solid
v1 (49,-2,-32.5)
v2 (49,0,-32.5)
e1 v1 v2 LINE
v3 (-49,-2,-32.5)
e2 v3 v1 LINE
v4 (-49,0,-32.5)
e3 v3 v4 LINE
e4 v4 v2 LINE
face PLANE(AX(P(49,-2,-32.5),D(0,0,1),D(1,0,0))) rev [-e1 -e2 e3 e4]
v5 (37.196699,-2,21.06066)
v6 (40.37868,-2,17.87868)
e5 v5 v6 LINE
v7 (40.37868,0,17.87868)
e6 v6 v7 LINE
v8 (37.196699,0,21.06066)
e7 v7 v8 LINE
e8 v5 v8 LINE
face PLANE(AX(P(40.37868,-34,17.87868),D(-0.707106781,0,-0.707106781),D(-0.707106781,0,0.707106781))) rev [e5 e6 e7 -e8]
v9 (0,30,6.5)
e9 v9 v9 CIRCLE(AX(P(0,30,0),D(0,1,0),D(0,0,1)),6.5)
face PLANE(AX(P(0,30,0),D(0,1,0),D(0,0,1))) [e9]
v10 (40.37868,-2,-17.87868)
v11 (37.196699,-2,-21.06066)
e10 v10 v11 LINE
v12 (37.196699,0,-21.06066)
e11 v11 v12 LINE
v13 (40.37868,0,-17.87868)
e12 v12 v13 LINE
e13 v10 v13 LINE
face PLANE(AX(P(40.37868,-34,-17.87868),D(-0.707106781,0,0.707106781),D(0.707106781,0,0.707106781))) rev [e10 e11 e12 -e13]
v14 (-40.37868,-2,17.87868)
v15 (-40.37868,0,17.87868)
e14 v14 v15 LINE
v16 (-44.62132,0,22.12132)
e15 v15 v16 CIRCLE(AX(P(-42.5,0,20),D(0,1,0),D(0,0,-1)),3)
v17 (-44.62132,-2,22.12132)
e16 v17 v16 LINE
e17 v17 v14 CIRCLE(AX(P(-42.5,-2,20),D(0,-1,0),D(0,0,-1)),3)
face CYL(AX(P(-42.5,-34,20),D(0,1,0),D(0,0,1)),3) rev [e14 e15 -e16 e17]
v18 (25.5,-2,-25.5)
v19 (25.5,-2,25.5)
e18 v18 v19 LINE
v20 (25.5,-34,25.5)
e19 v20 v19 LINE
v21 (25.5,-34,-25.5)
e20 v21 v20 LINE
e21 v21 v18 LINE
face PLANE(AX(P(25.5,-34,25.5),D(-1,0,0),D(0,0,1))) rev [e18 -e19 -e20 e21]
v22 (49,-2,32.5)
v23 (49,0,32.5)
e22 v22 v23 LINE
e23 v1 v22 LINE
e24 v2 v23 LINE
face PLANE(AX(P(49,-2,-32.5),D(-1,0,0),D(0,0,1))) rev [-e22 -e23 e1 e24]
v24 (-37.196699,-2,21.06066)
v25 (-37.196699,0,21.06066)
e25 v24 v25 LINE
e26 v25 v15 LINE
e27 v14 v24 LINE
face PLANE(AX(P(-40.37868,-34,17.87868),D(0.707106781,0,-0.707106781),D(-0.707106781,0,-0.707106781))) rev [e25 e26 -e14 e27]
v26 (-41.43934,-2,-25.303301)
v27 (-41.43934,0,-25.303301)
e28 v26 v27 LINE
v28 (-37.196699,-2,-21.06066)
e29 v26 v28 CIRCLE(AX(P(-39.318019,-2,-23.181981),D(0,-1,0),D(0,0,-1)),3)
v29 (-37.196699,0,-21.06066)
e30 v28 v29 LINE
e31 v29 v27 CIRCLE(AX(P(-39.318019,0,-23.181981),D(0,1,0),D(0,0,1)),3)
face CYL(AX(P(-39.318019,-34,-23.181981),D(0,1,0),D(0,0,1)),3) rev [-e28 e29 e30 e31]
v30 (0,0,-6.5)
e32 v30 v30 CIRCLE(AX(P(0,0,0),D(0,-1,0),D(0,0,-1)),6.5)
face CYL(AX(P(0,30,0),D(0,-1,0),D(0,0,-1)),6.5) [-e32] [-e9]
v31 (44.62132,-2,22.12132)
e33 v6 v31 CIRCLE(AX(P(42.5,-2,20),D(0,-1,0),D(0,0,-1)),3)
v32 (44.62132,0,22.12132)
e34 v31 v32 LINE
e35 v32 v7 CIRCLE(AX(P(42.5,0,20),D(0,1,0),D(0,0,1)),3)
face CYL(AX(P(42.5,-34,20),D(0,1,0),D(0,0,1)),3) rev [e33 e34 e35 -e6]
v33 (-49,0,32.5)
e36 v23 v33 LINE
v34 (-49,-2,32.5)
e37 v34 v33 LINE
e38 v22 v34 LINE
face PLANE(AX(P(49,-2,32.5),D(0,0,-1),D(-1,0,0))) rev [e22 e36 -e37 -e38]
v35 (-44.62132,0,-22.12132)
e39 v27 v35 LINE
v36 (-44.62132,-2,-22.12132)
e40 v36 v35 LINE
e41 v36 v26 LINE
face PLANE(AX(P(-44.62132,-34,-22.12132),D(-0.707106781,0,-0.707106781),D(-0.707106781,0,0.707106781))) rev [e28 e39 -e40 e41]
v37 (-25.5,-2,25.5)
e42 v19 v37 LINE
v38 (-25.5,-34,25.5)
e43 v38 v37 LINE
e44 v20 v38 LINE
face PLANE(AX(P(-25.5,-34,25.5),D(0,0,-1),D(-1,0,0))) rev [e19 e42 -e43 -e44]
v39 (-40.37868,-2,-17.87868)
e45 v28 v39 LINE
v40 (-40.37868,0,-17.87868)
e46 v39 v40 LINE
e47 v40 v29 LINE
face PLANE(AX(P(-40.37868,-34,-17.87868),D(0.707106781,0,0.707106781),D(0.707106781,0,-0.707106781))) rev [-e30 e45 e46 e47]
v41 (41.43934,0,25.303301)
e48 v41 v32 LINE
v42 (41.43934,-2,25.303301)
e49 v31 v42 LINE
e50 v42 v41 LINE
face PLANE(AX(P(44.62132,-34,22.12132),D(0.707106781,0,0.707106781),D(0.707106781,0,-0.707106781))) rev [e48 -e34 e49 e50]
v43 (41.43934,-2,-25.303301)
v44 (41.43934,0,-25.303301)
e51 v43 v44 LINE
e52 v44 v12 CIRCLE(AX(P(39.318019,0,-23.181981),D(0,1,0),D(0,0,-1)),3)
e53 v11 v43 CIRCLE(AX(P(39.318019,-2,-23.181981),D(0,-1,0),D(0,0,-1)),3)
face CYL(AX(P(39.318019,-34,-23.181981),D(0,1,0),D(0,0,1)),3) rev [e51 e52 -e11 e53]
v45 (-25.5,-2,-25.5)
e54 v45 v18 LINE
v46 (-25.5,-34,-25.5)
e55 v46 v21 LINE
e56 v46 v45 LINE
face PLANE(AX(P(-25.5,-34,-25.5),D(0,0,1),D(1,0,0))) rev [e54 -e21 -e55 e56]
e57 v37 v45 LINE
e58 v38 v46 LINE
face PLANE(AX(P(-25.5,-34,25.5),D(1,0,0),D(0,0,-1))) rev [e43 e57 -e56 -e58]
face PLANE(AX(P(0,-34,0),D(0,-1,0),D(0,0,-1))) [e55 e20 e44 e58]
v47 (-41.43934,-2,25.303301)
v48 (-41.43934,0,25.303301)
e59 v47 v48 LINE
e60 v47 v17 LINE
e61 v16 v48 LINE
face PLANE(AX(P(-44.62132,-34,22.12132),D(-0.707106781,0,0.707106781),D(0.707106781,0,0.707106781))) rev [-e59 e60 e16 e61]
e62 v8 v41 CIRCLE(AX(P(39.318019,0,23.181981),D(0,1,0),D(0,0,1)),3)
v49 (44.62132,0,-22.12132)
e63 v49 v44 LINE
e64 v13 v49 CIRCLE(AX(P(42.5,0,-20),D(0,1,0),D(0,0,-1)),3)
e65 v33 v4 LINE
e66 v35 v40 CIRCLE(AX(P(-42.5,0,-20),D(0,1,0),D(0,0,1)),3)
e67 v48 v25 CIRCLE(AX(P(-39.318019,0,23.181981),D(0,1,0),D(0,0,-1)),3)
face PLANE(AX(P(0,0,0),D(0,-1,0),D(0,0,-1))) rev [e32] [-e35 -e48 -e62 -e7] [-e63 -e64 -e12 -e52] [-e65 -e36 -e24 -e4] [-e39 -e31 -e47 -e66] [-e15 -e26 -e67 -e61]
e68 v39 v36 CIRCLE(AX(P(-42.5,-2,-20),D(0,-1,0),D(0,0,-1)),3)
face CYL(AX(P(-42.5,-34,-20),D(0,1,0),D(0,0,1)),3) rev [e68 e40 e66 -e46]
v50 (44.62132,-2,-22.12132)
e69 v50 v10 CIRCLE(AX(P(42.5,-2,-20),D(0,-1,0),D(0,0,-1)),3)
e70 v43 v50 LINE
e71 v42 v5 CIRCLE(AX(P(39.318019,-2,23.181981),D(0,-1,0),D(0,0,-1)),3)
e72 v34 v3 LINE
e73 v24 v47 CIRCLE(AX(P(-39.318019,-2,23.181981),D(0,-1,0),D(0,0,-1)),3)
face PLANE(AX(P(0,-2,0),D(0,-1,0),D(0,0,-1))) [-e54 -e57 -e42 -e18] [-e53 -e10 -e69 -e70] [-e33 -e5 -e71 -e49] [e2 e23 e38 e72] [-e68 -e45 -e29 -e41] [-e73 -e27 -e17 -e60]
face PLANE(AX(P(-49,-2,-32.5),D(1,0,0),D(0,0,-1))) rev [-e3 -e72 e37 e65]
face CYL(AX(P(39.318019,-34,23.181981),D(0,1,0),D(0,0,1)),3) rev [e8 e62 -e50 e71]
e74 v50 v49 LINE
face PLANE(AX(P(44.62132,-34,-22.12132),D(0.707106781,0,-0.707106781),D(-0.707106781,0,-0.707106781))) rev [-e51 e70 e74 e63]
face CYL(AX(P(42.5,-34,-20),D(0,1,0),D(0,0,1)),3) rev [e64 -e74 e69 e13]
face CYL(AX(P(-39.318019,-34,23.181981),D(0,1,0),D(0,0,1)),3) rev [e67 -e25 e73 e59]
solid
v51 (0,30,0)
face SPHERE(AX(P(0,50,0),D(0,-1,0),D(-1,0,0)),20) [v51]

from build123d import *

# Parameters (mm, degrees)
SKETCH3_R           = 6.5
BOSS_EXTRUDE2_DEPTH = 30
SKETCH4_W           = 98
SKETCH4_H           = 65
BOSS_EXTRUDE3_DEPTH = 2
SKETCH5_W           = 51
SKETCH5_H           = 51
BOSS_EXTRUDE4_DEPTH = 32
CUT_EXTRUDE1_DEPTH  = 68.920909888


with BuildPart() as part:
    # Sketch3 → Boss-Extrude2 (new body)
    with BuildSketch(Plane(origin=(0, 0, 0), x_dir=(1, 0, 0), z_dir=(0, 1, 0))):
        with Locations(Location((0, 0, 0), (0, 0, 270))):
            Circle(SKETCH3_R)
    extrude(amount=BOSS_EXTRUDE2_DEPTH)

    # Sketch4 → Boss-Extrude3 (add)
    with BuildSketch(Plane(origin=(0, 0, 0), x_dir=(-1, 0, 0), z_dir=(0, -1, 0))):
        Rectangle(SKETCH4_W, SKETCH4_H)
    extrude(amount=BOSS_EXTRUDE3_DEPTH)

    # Sketch5 → Boss-Extrude4 (add)
    with BuildSketch(Plane.XZ.offset(2)):
        Rectangle(SKETCH5_W, SKETCH5_H)
    extrude(amount=BOSS_EXTRUDE4_DEPTH)

    # Sketch7 → Cut-Extrude1 (cut, through all)
    with BuildSketch(Plane(origin=(0, 0, 0), x_dir=(1, 0, 0), z_dir=(0, 1, 0))):
        with BuildLine():
            Line((-44.621320344, 22.121320344), (-41.439339828, 25.303300859))
            ThreePointArc((-41.439339828, 25.303300859), (-37.196699141, 25.303300859), (-37.196699141, 21.060660172))
            Line((-37.196699141, 21.060660172), (-40.378679656, 17.878679656))
            ThreePointArc((-40.378679656, 17.878679656), (-44.621320344, 17.878679656), (-44.621320344, 22.121320344))
        make_face()
        with BuildLine():
            Line((-44.621320344, -22.121320344), (-41.439339828, -25.303300859))
            ThreePointArc((-41.439339828, -25.303300859), (-37.196699141, -25.303300859), (-37.196699141, -21.060660172))
            Line((-37.196699141, -21.060660172), (-40.378679656, -17.878679656))
            ThreePointArc((-40.378679656, -17.878679656), (-44.621320344, -17.878679656), (-44.621320344, -22.121320344))
        make_face()
        with BuildLine():
            Line((40.378679656, -17.878679656), (37.196699141, -21.060660172))
            ThreePointArc((37.196699141, -21.060660172), (37.196699141, -25.303300859), (41.439339828, -25.303300859))
            Line((41.439339828, -25.303300859), (44.621320344, -22.121320344))
            ThreePointArc((44.621320344, -22.121320344), (44.621320344, -17.878679656), (40.378679656, -17.878679656))
        make_face()
        with BuildLine():
            Line((44.621320344, 22.121320344), (41.439339828, 25.303300859))
            ThreePointArc((41.439339828, 25.303300859), (37.196699141, 25.303300859), (37.196699141, 21.060660172))
            Line((37.196699141, 21.060660172), (40.378679656, 17.878679656))
            ThreePointArc((40.378679656, 17.878679656), (44.621320344, 17.878679656), (44.621320344, 22.121320344))
        make_face()
    extrude(amount=-CUT_EXTRUDE1_DEPTH, mode=Mode.SUBTRACT)


with BuildPart() as body_2:
    # 3DSketch1 → Revolve3 (revolve)
    with BuildSketch(Plane(origin=(0, 70, 0), x_dir=(0, -1, 0), z_dir=(-1, 0, 0))):
        with BuildLine():
            Line((0, 0), (40, 0))
            ThreePointArc((40, 0), (20, 20), (0, 0))
        make_face()
    revolve(axis=Axis((0, 30, 0), (0, 1, 0)))


solid = Compound([part.part, body_2.part])
